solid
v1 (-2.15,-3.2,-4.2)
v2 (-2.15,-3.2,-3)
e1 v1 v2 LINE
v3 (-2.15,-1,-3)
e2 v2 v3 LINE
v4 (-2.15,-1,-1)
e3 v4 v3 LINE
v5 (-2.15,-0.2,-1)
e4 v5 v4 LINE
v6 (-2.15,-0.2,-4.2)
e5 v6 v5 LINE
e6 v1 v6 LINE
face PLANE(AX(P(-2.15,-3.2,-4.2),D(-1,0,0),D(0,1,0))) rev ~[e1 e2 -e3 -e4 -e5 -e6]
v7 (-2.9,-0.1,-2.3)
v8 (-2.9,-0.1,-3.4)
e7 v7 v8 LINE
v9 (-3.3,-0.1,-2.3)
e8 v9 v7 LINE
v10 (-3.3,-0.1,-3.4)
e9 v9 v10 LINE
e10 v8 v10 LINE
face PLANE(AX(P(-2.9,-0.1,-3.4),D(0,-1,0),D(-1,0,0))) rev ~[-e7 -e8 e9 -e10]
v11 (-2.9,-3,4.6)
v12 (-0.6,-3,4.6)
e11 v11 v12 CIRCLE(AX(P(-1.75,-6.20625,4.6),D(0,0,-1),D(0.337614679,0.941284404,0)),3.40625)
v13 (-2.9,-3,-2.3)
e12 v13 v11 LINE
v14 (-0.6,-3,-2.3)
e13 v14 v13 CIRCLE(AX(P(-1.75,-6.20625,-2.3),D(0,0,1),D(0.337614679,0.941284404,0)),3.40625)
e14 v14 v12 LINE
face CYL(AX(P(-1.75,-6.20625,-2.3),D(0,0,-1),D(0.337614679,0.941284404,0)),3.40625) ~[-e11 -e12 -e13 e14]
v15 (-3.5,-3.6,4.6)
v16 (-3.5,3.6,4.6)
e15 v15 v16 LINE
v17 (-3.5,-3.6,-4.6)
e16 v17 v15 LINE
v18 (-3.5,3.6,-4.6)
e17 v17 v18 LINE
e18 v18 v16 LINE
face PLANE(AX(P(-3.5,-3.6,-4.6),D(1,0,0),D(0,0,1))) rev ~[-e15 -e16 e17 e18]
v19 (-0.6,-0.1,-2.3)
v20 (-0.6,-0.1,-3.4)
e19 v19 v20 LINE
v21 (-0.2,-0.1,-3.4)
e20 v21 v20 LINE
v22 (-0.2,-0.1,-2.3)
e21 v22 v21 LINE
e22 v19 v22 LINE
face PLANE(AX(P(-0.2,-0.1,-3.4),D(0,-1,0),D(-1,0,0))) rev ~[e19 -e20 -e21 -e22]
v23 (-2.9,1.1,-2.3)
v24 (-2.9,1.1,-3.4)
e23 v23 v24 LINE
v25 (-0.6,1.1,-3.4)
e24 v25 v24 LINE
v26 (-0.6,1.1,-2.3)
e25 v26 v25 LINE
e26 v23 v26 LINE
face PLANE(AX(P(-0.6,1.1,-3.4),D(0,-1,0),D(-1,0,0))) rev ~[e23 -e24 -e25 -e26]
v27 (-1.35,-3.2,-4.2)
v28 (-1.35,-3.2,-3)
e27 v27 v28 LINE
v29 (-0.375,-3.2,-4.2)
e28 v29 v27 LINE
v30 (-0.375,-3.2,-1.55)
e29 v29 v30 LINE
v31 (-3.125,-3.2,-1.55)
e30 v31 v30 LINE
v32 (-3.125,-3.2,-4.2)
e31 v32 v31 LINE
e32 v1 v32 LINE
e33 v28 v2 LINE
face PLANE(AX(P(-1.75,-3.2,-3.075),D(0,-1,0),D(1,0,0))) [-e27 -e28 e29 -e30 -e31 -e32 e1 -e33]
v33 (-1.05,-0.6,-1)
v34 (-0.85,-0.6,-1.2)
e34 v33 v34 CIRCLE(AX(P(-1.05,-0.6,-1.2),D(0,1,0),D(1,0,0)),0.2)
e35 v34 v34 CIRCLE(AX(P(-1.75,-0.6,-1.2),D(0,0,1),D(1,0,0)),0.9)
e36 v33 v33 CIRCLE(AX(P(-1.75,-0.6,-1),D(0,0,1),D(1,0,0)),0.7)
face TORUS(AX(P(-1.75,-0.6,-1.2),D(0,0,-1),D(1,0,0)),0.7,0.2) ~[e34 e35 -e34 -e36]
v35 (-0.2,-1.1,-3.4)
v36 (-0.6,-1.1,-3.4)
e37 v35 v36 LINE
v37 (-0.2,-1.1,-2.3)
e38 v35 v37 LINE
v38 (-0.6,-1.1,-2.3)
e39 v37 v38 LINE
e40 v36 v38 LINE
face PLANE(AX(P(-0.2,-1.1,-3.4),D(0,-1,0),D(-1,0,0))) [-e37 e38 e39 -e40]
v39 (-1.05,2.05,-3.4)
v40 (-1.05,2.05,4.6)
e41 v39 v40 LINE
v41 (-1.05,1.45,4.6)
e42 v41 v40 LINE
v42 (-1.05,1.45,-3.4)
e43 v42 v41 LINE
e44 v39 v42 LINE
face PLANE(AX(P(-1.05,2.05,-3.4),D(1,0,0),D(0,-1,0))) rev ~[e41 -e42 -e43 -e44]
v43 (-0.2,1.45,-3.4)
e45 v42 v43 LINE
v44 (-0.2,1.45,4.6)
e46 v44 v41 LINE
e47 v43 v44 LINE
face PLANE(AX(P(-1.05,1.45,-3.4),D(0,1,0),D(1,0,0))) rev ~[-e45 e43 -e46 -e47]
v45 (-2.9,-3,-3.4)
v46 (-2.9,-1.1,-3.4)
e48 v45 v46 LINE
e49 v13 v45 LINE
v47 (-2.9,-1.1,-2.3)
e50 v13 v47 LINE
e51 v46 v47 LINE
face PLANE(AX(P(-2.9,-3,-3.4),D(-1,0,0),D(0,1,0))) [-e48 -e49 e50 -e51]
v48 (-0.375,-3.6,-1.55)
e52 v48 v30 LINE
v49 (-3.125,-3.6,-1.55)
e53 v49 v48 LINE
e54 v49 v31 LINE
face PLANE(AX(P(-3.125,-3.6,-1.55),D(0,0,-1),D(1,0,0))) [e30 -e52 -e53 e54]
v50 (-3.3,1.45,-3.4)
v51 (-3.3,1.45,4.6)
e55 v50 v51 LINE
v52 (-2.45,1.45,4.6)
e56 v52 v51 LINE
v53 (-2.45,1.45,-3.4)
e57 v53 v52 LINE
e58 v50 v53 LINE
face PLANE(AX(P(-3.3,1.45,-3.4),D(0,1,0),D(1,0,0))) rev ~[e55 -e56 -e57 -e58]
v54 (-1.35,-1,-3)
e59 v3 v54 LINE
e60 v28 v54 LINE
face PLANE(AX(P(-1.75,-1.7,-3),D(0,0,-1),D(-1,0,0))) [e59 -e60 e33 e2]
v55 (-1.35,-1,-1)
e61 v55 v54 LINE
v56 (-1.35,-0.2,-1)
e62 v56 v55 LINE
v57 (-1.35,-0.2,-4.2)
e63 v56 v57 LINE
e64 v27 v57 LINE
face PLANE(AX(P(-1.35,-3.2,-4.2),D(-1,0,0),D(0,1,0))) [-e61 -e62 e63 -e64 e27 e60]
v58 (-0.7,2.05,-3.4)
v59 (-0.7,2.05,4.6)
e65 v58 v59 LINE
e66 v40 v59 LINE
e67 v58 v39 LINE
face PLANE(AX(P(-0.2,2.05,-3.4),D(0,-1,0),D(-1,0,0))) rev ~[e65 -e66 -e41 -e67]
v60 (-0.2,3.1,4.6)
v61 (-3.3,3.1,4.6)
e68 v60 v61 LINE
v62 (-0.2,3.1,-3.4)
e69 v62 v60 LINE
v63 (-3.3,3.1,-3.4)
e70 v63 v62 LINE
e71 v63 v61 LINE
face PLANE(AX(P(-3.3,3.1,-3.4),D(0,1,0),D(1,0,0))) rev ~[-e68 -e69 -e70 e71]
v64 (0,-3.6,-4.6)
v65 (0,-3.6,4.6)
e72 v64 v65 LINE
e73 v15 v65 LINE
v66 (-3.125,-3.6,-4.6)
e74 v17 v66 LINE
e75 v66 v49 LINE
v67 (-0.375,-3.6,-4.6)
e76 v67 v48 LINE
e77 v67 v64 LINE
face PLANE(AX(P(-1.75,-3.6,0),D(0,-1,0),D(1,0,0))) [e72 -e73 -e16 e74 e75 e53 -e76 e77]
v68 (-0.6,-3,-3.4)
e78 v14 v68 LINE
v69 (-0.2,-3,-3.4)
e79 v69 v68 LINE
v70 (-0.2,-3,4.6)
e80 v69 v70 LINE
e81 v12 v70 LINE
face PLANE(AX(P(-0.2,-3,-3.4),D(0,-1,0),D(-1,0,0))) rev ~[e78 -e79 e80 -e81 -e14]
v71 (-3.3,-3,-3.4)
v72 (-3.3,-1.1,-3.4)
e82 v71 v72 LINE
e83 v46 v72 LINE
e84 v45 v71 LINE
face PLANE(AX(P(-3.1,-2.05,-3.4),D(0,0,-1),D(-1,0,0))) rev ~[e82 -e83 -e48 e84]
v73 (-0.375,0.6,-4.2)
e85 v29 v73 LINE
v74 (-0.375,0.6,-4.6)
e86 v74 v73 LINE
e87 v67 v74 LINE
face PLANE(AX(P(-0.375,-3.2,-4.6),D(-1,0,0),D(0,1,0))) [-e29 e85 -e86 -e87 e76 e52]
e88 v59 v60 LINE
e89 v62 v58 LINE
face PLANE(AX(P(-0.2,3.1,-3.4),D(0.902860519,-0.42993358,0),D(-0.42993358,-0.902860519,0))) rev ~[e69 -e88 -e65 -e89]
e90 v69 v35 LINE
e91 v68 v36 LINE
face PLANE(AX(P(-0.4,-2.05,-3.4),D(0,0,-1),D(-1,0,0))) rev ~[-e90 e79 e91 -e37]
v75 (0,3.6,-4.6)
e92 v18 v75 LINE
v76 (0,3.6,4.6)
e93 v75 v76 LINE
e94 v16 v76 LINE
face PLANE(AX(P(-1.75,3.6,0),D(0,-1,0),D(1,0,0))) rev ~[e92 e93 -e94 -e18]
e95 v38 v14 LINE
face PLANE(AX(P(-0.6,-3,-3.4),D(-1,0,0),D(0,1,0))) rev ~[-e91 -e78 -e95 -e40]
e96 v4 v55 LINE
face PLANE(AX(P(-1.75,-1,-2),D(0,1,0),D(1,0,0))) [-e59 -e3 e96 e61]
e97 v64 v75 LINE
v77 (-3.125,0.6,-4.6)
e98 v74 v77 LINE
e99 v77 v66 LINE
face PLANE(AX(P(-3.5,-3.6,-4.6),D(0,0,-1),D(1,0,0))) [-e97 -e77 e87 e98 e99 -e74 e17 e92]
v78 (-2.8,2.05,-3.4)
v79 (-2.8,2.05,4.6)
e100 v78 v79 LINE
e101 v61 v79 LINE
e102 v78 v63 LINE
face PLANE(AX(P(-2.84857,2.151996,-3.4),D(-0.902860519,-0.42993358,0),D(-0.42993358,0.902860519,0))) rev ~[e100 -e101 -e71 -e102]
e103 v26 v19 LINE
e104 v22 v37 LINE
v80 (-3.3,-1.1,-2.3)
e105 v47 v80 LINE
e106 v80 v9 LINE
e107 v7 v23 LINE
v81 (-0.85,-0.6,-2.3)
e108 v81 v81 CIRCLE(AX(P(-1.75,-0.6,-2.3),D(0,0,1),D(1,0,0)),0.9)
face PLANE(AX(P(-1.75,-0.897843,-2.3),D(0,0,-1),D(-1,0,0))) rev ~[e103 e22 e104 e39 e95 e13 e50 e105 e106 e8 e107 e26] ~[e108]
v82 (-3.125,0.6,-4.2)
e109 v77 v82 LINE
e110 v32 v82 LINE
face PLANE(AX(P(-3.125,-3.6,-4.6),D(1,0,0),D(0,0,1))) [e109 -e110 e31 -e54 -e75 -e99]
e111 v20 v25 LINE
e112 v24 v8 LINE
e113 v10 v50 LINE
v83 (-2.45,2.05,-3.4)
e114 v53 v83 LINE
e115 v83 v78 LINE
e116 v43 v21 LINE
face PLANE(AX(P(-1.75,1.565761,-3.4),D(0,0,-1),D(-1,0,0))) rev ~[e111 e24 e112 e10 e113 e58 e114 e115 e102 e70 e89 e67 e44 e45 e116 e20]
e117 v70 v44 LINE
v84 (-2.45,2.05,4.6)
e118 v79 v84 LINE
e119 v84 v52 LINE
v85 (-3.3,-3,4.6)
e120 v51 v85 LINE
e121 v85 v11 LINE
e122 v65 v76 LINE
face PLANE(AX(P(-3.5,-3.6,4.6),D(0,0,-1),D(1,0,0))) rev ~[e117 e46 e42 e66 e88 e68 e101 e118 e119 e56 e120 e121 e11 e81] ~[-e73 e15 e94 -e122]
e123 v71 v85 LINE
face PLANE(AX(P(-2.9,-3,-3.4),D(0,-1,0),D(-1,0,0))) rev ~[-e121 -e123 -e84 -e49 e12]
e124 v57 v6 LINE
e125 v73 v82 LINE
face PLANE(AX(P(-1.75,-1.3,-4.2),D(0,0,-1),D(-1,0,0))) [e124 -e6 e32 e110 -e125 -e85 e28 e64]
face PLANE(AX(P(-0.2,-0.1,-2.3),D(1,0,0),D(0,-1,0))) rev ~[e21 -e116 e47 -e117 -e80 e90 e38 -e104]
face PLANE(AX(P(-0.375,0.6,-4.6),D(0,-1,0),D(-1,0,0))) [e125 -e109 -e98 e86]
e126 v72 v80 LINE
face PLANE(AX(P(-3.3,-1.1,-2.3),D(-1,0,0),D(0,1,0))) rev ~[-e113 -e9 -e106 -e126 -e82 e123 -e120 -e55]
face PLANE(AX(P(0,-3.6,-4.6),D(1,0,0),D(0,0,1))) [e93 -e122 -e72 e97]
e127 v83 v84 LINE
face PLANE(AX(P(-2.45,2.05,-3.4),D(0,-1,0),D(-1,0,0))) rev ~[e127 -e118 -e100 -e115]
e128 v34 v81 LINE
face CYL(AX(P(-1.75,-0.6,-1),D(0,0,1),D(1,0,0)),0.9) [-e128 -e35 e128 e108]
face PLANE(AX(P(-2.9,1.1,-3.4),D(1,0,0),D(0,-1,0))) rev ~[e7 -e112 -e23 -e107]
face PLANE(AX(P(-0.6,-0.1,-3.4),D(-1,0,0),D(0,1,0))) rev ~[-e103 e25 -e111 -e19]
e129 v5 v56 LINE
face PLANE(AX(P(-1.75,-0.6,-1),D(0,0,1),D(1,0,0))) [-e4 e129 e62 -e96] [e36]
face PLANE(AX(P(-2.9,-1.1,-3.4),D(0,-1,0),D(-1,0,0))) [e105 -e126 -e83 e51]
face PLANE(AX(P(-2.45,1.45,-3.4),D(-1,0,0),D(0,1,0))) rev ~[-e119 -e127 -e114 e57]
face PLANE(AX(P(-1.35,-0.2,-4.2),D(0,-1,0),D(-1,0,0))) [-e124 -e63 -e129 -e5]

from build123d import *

# Parameters (mm, degrees)
SKETCH_1_W           = 3.5
SKETCH_1_H           = 9.2
EXTRUDE_1_DEPTH      = 7.2
SKETCH_2_W           = 2.75
SKETCH_2_H           = 3.05
CUT_EXTRUDE_1_DEPTH  = 0.4
SKETCH_5_W           = 2.75
SKETCH_5_H           = 3.8
CUT_EXTRUDE_4_DEPTH  = 0.4
CUT_EXTRUDE_6_REACH  = 10.533
SKETCH_9_R           = 0.9
EXTRUDE_3_DEPTH      = 1.3
SKETCH_10_W          = 0.8
SKETCH_10_H          = 3
CUT_EXTRUDE_7_DEPTH  = 1.2
SKETCH_11_W          = 0.8
SKETCH_11_H          = 2
CUT_EXTRUDE_8_DEPTH  = 0.8
FILLET_2_R           = 0.2
CUT_EXTRUDE_12_REACH = 11.445
DRAFT_3_ANGLE        = -25.463345062
DRAFT_4_ANGLE        = -25.463345062
CUT_EXTRUDE_15_REACH = 11.445
SKETCH_18_W          = 0.4
SKETCH_18_H          = 1.9
CUT_EXTRUDE_16_REACH = 11.445
SKETCH_19_W          = 0.4
SKETCH_19_H          = 1.9


with BuildPart() as part:
    # Эскиз1 → Бобышка-Вытянуть1 (new body)
    with BuildSketch(Plane.XZ.offset(3.6)):
        with Locations((-1.75, 0)):
            Rectangle(SKETCH_1_W, SKETCH_1_H)
    extrude(amount=-EXTRUDE_1_DEPTH)

    # Эскиз2 → Вырез-Вытянуть1 (cut)
    with BuildSketch(Plane.XZ.offset(3.6)):
        with Locations((-1.75, -3.075)):
            Rectangle(SKETCH_2_W, SKETCH_2_H)
    extrude(amount=-CUT_EXTRUDE_1_DEPTH, mode=Mode.SUBTRACT)

    # Эскиз5 → Вырез-Вытянуть4 (cut)
    with BuildSketch(Plane(origin=(0, 0, -4.6), x_dir=(-1, 0, 0), z_dir=(0, 0, -1))):
        with Locations((1.75, -1.3)):
            Rectangle(SKETCH_5_W, SKETCH_5_H)
    extrude(amount=-CUT_EXTRUDE_4_DEPTH, mode=Mode.SUBTRACT)

    # Эскиз7 → Вырез-Вытянуть6 (cut, up to next)
    with BuildSketch(Plane(origin=(0, 0, -2.3), x_dir=(-1, 0, 0), z_dir=(0, 0, -1)), mode=Mode.PRIVATE) as cut_extrude_6_sk1:
        with BuildLine():
            Line((3.3, -1.1), (3.3, -0.1))
            Line((3.3, -0.1), (2.9, -0.1))
            Line((2.9, -0.1), (2.9, 1.1))
            Line((2.9, 1.1), (0.6, 1.1))
            Line((0.6, 1.1), (0.6, -0.1))
            Line((0.6, -0.1), (0.2, -0.1))
            Line((0.2, -0.1), (0.2, -1.1))
            Line((0.2, -1.1), (0.6, -1.1))
            Line((0.6, -1.1), (0.6, -3))
            ThreePointArc((0.6, -3), (1.75, -2.8), (2.9, -3))
            Line((2.9, -3), (2.9, -1.1))
            Line((2.9, -1.1), (3.3, -1.1))
        make_face()
    cut_extrude_6_tool1 = extrude(cut_extrude_6_sk1.sketch, amount=-CUT_EXTRUDE_6_REACH, mode=Mode.PRIVATE) & part.part
    add(cut_extrude_6_tool1.solids().sort_by_distance((-1.75, -0.860527, -2.3))[0], mode=Mode.SUBTRACT)

    # Эскиз9 → Бобышка-Вытянуть3 (add)
    with BuildSketch(Plane.XY.offset(-1)):
        with Locations((-1.75, -0.6)):
            Circle(SKETCH_9_R)
    extrude(amount=-EXTRUDE_3_DEPTH)

    # Эскиз10 → Вырез-Вытянуть7 (cut)
    with BuildSketch(Plane(origin=(0, 0, -4.2), x_dir=(-1, 0, 0), z_dir=(0, 0, -1))):
        with Locations((1.75, -1.7)):
            Rectangle(SKETCH_10_W, SKETCH_10_H)
    extrude(amount=-CUT_EXTRUDE_7_DEPTH, mode=Mode.SUBTRACT)

    # Эскиз11 → Вырез-Вытянуть8 (cut)
    with BuildSketch(Plane(origin=(0, -0.2, 0), x_dir=(1, 0, 0), z_dir=(0, 1, 0))):
        with Locations((-1.75, 2)):
            Rectangle(SKETCH_11_W, SKETCH_11_H)
    extrude(amount=-CUT_EXTRUDE_8_DEPTH, mode=Mode.SUBTRACT)

    # Скругление2
    fillet_2_edges = [part.edges().sort_by_distance(p)[0] for p in [
        (-2.65, -0.6, -1),
    ]]
    fillet(fillet_2_edges, radius=FILLET_2_R)

    # Эскиз15 → Вырез-Вытянуть12 (cut, up to next)
    with BuildSketch(Plane(origin=(0, 0, -3.4), x_dir=(-1, 0, 0), z_dir=(0, 0, -1)), mode=Mode.PRIVATE) as cut_extrude_12_sk1:
        Polygon((1.05, 2.05), (1.05, 1.45), (0.2, 1.45), (0.2, -0.1), (0.6, -0.1), (0.6, 1.1), (2.9, 1.1), (2.9, -0.1), (3.3, -0.1), (3.3, 1.45), (2.45, 1.45), (2.45, 2.05), (3.3, 2.05), (3.3, 3.1), (0.2, 3.1), (0.2, 2.05), align=None)
    cut_extrude_12_tool1 = extrude(cut_extrude_12_sk1.sketch, amount=-CUT_EXTRUDE_12_REACH, mode=Mode.PRIVATE) & part.part
    add(cut_extrude_12_tool1.solids().sort_by_distance((-1.75, 1.90798, -3.4))[0], mode=Mode.SUBTRACT)

    # Уклон3
    draft_3_faces = [part.faces().sort_by_distance(p)[0] for p in [
        (-0.2, 2.575, 0.6),
    ]]
    draft(draft_3_faces, Plane(origin=(-3.3, 3.1, 4.601), x_dir=(0, 0, -1), z_dir=(0, -1, 0)), DRAFT_3_ANGLE)

    # Уклон4
    draft_4_faces = [part.faces().sort_by_distance(p)[0] for p in [
        (-3.3, 2.575, 0.6),
    ]]
    draft(draft_4_faces, Plane(origin=(-3.3, 3.1, 4.601), x_dir=(0, 0, -1), z_dir=(0, -1, 0)), DRAFT_4_ANGLE)

    # Эскиз18 → Вырез-Вытянуть15 (cut, up to next)
    with BuildSketch(Plane(origin=(0, 0, -3.4), x_dir=(-1, 0, 0), z_dir=(0, 0, -1)), mode=Mode.PRIVATE) as cut_extrude_15_sk1:
        with Locations((0.4, -2.05)):
            Rectangle(SKETCH_18_W, SKETCH_18_H)
    cut_extrude_15_tool1 = extrude(cut_extrude_15_sk1.sketch, amount=-CUT_EXTRUDE_15_REACH, mode=Mode.PRIVATE) & part.part
    add(cut_extrude_15_tool1.solids().sort_by_distance((-0.4, -2.05, -3.4))[0], mode=Mode.SUBTRACT)

    # Эскиз19 → Вырез-Вытянуть16 (cut, up to next)
    with BuildSketch(Plane(origin=(0, 0, -3.4), x_dir=(-1, 0, 0), z_dir=(0, 0, -1)), mode=Mode.PRIVATE) as cut_extrude_16_sk1:
        with Locations((3.1, -2.05)):
            Rectangle(SKETCH_19_W, SKETCH_19_H)
    cut_extrude_16_tool1 = extrude(cut_extrude_16_sk1.sketch, amount=-CUT_EXTRUDE_16_REACH, mode=Mode.PRIVATE) & part.part
    add(cut_extrude_16_tool1.solids().sort_by_distance((-3.1, -2.05, -3.4))[0], mode=Mode.SUBTRACT)


solid = part.part
